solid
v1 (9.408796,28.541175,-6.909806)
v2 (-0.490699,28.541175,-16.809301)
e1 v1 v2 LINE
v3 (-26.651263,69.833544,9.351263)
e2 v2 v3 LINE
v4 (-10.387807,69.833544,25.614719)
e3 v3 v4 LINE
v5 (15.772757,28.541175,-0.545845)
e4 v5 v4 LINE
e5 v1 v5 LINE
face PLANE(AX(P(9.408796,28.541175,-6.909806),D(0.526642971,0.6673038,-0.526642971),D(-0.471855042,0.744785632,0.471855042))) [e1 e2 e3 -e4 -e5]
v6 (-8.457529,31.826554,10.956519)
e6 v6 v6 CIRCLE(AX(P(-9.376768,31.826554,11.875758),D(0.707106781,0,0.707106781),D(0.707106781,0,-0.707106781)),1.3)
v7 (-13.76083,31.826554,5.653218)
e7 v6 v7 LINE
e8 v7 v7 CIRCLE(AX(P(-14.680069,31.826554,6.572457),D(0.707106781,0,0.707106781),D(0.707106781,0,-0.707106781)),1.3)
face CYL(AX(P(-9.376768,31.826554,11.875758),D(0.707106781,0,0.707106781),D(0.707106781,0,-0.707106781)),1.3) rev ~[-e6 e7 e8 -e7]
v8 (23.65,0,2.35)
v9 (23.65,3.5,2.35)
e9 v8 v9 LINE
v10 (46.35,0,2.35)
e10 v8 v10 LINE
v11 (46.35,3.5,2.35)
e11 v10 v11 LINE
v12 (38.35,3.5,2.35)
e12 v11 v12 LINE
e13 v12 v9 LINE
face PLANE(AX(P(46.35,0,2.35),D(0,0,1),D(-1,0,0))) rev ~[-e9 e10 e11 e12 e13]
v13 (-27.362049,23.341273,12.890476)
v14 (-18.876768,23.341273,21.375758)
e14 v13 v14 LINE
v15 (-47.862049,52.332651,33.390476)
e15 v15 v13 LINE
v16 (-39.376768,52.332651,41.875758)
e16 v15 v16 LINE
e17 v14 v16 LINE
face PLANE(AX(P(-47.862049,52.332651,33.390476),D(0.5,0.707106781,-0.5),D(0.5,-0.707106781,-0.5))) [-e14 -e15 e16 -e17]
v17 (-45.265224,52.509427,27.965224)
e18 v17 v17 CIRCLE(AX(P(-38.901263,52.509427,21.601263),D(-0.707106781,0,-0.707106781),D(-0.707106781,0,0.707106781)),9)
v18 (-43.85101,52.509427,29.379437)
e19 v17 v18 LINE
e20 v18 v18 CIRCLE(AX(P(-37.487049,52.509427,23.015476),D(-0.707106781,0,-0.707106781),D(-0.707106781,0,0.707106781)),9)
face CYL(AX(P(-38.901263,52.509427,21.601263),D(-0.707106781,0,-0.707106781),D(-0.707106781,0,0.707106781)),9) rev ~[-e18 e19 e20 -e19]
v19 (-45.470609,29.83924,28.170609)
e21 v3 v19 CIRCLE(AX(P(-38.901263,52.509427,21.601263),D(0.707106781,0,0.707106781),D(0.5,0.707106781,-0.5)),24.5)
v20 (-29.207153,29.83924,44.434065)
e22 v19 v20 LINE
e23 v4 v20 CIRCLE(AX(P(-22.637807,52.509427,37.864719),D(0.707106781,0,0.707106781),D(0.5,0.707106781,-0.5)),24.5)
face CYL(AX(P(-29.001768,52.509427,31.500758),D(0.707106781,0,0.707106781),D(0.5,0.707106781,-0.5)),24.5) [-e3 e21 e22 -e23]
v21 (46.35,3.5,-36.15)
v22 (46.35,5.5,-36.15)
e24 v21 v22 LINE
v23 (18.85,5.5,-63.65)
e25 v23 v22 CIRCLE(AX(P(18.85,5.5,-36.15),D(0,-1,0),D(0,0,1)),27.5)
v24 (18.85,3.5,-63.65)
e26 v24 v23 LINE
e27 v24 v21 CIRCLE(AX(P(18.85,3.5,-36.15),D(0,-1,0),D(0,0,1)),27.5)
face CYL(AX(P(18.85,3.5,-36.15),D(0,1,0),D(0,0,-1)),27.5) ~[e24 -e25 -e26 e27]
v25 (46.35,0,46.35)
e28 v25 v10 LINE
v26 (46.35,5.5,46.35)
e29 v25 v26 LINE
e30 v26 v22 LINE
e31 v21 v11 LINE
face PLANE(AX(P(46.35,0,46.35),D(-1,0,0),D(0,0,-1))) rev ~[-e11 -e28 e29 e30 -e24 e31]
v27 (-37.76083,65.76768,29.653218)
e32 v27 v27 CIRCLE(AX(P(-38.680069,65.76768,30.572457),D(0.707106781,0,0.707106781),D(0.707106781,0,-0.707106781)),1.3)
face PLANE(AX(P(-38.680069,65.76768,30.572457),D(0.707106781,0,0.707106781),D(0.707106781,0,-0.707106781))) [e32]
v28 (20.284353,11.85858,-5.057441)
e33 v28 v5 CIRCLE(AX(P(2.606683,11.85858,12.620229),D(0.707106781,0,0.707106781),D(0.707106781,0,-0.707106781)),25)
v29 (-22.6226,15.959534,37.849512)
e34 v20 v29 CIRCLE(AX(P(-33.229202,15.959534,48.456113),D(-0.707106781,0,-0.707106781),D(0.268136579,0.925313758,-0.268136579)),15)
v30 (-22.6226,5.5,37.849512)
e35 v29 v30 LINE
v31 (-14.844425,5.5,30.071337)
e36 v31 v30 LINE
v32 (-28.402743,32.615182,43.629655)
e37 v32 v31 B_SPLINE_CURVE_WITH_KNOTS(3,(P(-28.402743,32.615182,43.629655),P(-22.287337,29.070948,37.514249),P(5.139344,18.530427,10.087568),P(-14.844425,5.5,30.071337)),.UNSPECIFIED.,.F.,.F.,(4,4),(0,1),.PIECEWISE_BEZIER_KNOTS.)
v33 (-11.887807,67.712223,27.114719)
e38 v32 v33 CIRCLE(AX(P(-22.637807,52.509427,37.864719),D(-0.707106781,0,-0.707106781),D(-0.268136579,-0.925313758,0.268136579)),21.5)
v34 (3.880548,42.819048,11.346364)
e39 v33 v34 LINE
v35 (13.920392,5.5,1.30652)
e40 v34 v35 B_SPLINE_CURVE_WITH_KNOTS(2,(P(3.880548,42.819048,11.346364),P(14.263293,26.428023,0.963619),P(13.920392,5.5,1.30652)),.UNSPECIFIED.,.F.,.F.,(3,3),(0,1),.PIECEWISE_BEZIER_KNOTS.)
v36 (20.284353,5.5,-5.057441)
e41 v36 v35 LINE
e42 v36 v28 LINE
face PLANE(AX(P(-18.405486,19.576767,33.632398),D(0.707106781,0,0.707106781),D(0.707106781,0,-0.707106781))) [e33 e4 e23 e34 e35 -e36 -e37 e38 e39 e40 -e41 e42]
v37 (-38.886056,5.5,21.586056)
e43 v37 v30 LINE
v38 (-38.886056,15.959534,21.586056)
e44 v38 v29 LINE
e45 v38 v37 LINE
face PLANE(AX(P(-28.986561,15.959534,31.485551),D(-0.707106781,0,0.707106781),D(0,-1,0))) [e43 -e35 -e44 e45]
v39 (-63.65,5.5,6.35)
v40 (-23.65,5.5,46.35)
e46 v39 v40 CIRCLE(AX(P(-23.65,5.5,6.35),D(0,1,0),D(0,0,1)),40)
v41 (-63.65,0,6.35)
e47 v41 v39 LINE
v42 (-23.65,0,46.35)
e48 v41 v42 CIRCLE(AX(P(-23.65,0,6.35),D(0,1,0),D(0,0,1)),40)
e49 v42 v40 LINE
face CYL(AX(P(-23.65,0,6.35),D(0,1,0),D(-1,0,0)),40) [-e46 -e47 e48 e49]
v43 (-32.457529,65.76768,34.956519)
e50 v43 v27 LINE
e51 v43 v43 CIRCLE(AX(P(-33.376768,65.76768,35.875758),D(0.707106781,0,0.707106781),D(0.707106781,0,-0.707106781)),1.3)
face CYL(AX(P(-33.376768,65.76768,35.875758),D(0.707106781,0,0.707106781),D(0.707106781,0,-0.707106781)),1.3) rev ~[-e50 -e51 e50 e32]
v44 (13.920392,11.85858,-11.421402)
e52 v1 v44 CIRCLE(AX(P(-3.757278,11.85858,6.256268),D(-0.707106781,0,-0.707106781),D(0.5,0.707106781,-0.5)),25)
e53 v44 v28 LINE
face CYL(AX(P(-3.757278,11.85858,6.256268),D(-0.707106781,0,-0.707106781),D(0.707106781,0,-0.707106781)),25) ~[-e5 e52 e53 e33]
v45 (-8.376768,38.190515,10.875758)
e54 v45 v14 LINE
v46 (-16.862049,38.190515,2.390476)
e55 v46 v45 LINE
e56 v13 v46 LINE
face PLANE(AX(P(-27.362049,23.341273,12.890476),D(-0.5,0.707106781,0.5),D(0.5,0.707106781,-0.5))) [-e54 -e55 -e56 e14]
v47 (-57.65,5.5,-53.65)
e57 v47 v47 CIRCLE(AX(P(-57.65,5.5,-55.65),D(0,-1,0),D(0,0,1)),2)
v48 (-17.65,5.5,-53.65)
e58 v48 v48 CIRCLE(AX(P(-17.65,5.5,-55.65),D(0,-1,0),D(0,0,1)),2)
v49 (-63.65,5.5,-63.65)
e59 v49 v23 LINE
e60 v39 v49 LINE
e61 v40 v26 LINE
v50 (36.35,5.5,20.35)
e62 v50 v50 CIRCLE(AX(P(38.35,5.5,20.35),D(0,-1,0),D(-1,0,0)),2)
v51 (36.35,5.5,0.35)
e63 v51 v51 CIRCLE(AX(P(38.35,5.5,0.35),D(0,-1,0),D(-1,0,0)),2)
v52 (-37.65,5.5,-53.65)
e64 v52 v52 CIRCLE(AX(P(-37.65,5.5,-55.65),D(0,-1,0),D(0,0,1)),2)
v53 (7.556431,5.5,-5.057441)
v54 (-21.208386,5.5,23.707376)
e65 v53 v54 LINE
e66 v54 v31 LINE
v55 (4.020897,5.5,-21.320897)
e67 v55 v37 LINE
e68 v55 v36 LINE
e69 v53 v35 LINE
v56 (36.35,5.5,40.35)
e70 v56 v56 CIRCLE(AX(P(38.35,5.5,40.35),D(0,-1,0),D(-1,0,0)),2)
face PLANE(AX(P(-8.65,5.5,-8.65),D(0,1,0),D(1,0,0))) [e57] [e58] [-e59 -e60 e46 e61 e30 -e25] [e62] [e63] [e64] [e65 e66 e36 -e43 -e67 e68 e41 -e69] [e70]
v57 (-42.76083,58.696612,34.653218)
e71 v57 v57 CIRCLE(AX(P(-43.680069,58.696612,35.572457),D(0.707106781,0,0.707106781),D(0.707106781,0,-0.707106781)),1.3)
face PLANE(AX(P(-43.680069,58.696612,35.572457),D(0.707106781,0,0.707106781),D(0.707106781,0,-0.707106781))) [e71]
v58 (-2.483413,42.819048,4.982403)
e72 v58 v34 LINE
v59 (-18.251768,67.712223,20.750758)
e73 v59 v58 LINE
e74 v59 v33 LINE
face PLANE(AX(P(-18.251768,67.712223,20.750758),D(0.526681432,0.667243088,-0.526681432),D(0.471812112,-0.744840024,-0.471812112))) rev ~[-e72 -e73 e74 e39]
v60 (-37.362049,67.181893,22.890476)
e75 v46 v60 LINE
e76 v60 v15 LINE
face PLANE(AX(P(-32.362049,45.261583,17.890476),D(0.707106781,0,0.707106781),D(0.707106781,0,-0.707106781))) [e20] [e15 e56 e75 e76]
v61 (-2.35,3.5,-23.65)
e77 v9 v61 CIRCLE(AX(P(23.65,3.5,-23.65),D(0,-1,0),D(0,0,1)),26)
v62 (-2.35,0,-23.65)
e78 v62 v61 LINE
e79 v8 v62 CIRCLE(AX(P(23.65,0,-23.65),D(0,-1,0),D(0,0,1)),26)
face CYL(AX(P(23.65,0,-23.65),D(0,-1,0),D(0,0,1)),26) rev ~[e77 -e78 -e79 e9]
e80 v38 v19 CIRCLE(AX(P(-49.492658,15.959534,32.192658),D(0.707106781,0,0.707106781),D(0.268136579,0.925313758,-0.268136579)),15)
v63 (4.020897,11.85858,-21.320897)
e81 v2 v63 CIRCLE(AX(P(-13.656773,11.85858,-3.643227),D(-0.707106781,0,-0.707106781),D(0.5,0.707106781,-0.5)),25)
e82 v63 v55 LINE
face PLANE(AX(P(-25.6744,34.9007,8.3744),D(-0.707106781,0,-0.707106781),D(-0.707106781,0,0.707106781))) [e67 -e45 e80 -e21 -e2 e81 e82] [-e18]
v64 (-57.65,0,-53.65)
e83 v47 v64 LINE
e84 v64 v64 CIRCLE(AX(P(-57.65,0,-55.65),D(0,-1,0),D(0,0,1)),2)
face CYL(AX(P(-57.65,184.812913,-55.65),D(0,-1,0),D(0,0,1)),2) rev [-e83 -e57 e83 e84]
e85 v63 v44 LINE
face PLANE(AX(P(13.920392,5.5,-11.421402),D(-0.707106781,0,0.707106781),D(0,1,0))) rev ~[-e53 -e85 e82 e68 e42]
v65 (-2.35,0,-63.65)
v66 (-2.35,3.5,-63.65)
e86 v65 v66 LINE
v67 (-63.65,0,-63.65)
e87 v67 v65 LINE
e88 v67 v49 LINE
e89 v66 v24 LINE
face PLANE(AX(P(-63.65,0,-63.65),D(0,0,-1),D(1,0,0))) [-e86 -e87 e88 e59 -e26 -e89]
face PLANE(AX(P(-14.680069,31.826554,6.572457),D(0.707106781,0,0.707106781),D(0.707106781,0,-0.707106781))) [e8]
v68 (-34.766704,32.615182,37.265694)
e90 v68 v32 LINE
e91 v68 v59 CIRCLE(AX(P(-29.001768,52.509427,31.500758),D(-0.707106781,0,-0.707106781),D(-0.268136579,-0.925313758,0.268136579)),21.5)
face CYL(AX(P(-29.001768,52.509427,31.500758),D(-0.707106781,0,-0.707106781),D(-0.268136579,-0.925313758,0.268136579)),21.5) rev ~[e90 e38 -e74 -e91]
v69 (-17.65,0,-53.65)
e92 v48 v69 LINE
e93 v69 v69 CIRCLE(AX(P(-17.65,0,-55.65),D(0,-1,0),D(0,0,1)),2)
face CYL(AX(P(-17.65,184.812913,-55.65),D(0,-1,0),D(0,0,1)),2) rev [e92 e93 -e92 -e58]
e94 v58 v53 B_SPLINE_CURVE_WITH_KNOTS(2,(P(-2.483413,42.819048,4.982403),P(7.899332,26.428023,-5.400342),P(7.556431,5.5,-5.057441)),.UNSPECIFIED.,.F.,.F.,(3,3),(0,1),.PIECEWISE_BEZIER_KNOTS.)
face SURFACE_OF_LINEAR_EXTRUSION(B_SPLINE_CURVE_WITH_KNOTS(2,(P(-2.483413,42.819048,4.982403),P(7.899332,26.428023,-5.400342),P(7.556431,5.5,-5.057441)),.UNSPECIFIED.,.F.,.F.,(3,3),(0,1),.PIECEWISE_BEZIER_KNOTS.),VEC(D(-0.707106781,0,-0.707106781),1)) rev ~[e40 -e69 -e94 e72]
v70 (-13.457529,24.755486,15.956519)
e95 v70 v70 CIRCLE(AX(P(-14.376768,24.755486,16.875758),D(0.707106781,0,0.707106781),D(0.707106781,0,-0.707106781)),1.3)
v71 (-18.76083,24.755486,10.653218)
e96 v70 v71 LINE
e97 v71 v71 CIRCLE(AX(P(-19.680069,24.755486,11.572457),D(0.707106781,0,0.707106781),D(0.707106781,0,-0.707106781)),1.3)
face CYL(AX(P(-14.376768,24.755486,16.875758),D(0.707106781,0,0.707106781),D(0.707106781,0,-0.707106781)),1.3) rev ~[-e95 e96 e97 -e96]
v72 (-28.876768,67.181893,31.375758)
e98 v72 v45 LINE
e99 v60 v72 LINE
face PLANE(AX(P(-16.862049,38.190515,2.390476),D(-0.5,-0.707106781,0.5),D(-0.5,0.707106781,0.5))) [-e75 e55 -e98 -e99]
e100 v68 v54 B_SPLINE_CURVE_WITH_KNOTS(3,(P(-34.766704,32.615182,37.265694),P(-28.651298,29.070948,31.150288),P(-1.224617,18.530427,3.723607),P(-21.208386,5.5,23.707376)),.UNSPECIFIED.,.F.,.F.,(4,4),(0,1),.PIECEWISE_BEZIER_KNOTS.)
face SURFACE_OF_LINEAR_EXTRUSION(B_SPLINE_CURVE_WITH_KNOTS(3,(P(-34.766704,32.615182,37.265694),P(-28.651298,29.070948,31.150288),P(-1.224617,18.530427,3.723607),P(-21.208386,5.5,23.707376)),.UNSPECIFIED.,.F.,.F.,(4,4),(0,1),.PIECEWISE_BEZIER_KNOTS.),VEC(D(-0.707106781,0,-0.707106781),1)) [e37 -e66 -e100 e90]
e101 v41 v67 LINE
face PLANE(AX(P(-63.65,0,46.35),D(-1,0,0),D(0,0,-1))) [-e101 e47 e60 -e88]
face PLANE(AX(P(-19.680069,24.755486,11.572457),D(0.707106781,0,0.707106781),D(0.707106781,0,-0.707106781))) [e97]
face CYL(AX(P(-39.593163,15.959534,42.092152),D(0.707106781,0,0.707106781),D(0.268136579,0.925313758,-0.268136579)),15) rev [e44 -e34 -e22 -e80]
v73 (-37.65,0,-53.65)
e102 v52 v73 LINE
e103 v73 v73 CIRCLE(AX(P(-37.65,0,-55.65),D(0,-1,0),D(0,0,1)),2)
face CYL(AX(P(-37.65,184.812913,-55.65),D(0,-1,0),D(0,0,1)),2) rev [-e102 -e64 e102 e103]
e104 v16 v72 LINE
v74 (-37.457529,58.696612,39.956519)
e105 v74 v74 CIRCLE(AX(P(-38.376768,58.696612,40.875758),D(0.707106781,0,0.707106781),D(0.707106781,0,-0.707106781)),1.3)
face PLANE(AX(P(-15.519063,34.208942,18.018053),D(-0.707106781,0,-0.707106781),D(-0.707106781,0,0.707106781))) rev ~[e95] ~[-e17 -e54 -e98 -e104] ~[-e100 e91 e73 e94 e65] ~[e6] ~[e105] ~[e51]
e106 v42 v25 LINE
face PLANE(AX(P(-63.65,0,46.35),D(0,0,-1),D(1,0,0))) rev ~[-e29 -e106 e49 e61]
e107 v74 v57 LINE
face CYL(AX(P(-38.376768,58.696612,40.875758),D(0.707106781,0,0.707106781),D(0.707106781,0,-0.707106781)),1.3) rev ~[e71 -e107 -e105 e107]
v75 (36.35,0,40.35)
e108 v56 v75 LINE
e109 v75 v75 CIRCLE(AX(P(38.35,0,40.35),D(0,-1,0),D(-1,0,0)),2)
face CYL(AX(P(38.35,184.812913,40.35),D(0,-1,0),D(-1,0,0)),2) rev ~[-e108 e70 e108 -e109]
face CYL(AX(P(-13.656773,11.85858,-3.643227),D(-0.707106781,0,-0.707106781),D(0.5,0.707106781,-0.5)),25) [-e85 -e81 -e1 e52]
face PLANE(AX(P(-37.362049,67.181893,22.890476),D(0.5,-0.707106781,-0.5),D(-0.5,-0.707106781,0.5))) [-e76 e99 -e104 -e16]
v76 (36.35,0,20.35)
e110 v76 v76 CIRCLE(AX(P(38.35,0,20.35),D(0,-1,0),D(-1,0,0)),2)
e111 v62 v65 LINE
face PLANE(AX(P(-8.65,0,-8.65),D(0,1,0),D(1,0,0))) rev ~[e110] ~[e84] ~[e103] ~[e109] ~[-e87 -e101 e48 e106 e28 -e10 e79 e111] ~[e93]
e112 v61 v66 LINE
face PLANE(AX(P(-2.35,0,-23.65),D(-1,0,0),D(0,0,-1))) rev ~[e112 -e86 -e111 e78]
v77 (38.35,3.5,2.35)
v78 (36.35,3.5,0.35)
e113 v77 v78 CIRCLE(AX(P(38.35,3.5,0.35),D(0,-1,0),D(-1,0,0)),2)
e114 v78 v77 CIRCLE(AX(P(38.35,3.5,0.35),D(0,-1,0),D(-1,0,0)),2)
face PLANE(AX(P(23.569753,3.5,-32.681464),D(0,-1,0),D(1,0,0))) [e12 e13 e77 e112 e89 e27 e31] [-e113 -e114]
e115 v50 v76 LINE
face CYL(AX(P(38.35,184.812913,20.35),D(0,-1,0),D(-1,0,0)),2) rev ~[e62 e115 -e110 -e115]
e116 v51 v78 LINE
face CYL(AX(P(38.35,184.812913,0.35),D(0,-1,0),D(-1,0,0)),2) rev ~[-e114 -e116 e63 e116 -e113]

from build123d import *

# Parameters (mm, degrees)
SKETCH2_W                       = 110
SKETCH2_H                       = 110
BOSS_EXTRUDE1_DEPTH             = 5.5
BOSS_EXTRUDE2_DEPTH             = 14
CUT_EXTRUDE5_REACH              = 110.823
SKETCH9_R                       = 1.3
CUT_EXTRUDE6_DEPTH              = 7.5
CUT_EXTRUDE9_REACH              = 109.547
SKETCH11_R                      = 9
BOSS_EXTRUDE7_DEPTH             = 9
BOSS_EXTRUDE7_DIRECTION_2_REACH = 119.904
BOSS_EXTRUDE10_DEPTH            = 9
CUT_EXTRUDE10_DEPTH             = 3.5
F_4_0_4_DIAMETER_HOLE3_D        = 4
FILLET1_R                       = 27.5
FILLET2_R                       = 40


with BuildPart() as part:
    # Sketch2 → Boss-Extrude1 (new body)
    with BuildSketch(Plane(origin=(0, 0, 0), x_dir=(1, 0, 0), z_dir=(0, 1, 0))):
        with Locations((-8.65, 8.65)):
            Rectangle(SKETCH2_W, SKETCH2_H)
    extrude(amount=BOSS_EXTRUDE1_DEPTH)

    # Sketch7 → Boss-Extrude2 (add)
    with BuildSketch(Plane(origin=(-8.65, 0, -8.65), x_dir=(-0.7071067811865479, 0, 0.7071067811865471), z_dir=(-0.7071067811865471, 0, -0.7071067811865479))):
        with BuildLine():
            Line((39.760240188, 5.5), (39.760240188, 15.95953406))
            ThreePointArc((39.760240188, 15.95953406), (42.812638822, 25.987954346), (50.934597235, 32.615181699))
            ThreePointArc((50.934597235, 32.615181699), (60.680796502, 64.420514285), (27.578950135, 67.712223286))
            Line((27.578950135, 67.712223286), (-10.597023433, 29.536249718))
            ThreePointArc((-10.597023433, 29.536249718), (-16.016342216, 21.425665997), (-17.919353903, 11.858580188))
            Line((-17.919353903, 11.858580188), (-17.919353903, 5.5))
            Line((-17.919353903, 5.5), (39.760240188, 5.5))
        make_face()
    extrude(amount=-BOSS_EXTRUDE2_DEPTH)

    # Sketch8 → Cut-Extrude5 (cut, up to next)
    with BuildSketch(Plane(origin=(-7.235786438, 0, -7.235786438), x_dir=(-0.7071067811865479, 0, 0.7071067811865471), z_dir=(-0.7071067811865471, 0, -0.7071067811865479)), mode=Mode.PRIVATE) as cut_extrude5_sk1:
        Polygon((13.613591207, 38.190515171), (42.604969235, 67.1818932), (57.45421164, 52.332650795), (28.462833611, 23.341272767), align=None)
    cut_extrude5_tool1 = extrude(cut_extrude5_sk1.sketch, amount=-CUT_EXTRUDE5_REACH, mode=Mode.PRIVATE) & part.part
    add(cut_extrude5_tool1.solids().sort_by_distance((-32.362049, 45.261583, 17.890476))[0], mode=Mode.SUBTRACT)

    # Sketch9 → Cut-Extrude6 (cut)
    with BuildSketch(Plane(origin=(1.249494937, 0, 1.249494937), x_dir=(0.7071067811865479, 0, -0.7071067811865471), z_dir=(0.7071067811865471, 0, 0.7071067811865479))):
        with Locations((-48.968930266, 65.767679638)):
            Circle(SKETCH9_R)
        with Locations((-56.039998078, 58.696611826)):
            Circle(SKETCH9_R)
        with Locations((-22.098872581, 24.755486329)):
            Circle(SKETCH9_R)
        with Locations((-15.027804769, 31.826554141)):
            Circle(SKETCH9_R)
    extrude(amount=-CUT_EXTRUDE6_DEPTH, mode=Mode.SUBTRACT)

    # Sketch11 → Cut-Extrude9 (cut, up to next)
    with BuildSketch(Plane(origin=(-8.65, 0, -8.65), x_dir=(-0.7071067811865479, 0, 0.7071067811865471), z_dir=(-0.7071067811865471, 0, -0.7071067811865479)), mode=Mode.PRIVATE) as cut_extrude9_sk1:
        with Locations((42.781745931, 52.50942749)):
            Circle(SKETCH11_R)
    cut_extrude9_tool1 = extrude(cut_extrude9_sk1.sketch, amount=-CUT_EXTRUDE9_REACH, mode=Mode.PRIVATE) & part.part
    add(cut_extrude9_tool1.solids().sort_by_distance((-38.901263, 52.509427, 21.601263))[0], mode=Mode.SUBTRACT)

    # Sketch17 → Boss-Extrude7 (add)
    with BuildSketch(Plane(origin=(1.249494937, 0, 1.249494937), x_dir=(0.7071067811865479, 0, -0.7071067811865471), z_dir=(0.7071067811865471, 0, 0.7071067811865479))):
        with BuildLine():
            Line((11.538994713, 28.541175194), (-25.457629791, 69.83354363))
            ThreePointArc((-25.457629791, 69.83354363), (-63.178338442, 66.082526396), (-52.072204394, 29.839240426))
            ThreePointArc((-52.072204394, 29.839240426), (-45.303905717, 24.316550965), (-42.760240188, 15.95953406))
            Line((-42.760240188, 15.95953406), (-42.760240188, 5.5))
            Line((-42.760240188, 5.5), (-39.760240188, 5.5))
            Line((-39.760240188, 5.5), (-39.760240188, 15.95953406))
            ThreePointArc((-39.760240188, 15.95953406), (-42.812638822, 25.987954346), (-50.934597235, 32.615181699))
            ThreePointArc((-50.934597235, 32.615181699), (-60.680796502, 64.420514285), (-27.578950135, 67.712223286))
            Line((-27.578950135, 67.712223286), (9.30583444, 26.537928118))
            ThreePointArc((9.30583444, 26.537928118), (13.46810778, 19.716615191), (14.919353903, 11.858580188))
            Line((14.919353903, 11.858580188), (14.919353903, 5.5))
            Line((14.919353903, 5.5), (17.919353903, 5.5))
            Line((17.919353903, 5.5), (17.919353903, 11.858580188))
            ThreePointArc((17.919353903, 11.858580188), (16.26984662, 20.78911712), (11.538994713, 28.541175194))
        make_face()
    extrude(amount=BOSS_EXTRUDE7_DEPTH)

    # Boss-Extrude7 direction 2: up to this face of the body (flat: up to its plane)
    boss_extrude7_direction_2_end = Plane(part.part.faces().sort_by_distance((-25.67440007, 34.90069961, 8.37440007))[0])
    # Sketch17 → Boss-Extrude7 direction 2 (add, up to the picked face)
    with BuildSketch(Plane(origin=(1.249494937, 0, 1.249494937), x_dir=(0.7071067811865479, 0, -0.7071067811865471), z_dir=(0.7071067811865471, 0, 0.7071067811865479)), mode=Mode.PRIVATE) as boss_extrude7_direction_2_sk1:
        with BuildLine():
            Line((11.538994713, 28.541175194), (-25.457629791, 69.83354363))
            ThreePointArc((-25.457629791, 69.83354363), (-63.178338442, 66.082526396), (-52.072204394, 29.839240426))
            ThreePointArc((-52.072204394, 29.839240426), (-45.303905717, 24.316550965), (-42.760240188, 15.95953406))
            Line((-42.760240188, 15.95953406), (-42.760240188, 5.5))
            Line((-42.760240188, 5.5), (-39.760240188, 5.5))
            Line((-39.760240188, 5.5), (-39.760240188, 15.95953406))
            ThreePointArc((-39.760240188, 15.95953406), (-42.812638822, 25.987954346), (-50.934597235, 32.615181699))
            ThreePointArc((-50.934597235, 32.615181699), (-60.680796502, 64.420514285), (-27.578950135, 67.712223286))
            Line((-27.578950135, 67.712223286), (9.30583444, 26.537928118))
            ThreePointArc((9.30583444, 26.537928118), (13.46810778, 19.716615191), (14.919353903, 11.858580188))
            Line((14.919353903, 11.858580188), (14.919353903, 5.5))
            Line((14.919353903, 5.5), (17.919353903, 5.5))
            Line((17.919353903, 5.5), (17.919353903, 11.858580188))
            ThreePointArc((17.919353903, 11.858580188), (16.26984662, 20.78911712), (11.538994713, 28.541175194))
        make_face()
    boss_extrude7_direction_2_tool1 = split(extrude(boss_extrude7_direction_2_sk1.sketch, amount=-BOSS_EXTRUDE7_DIRECTION_2_REACH, mode=Mode.PRIVATE), bisect_by=boss_extrude7_direction_2_end, keep=Keep.BOTH, mode=Mode.PRIVATE)
    add(boss_extrude7_direction_2_tool1.solids().sort_by(Axis((-4.257288, 48.445096, 6.756277), (-0.7071067811865471, 0, -0.7071067811865479)))[0])

    # Sketch25 → Boss-Extrude10 (add)
    with BuildSketch(Plane(origin=(1.249494937, 0, 1.249494937), x_dir=(0.7071067811865479, 0, -0.7071067811865471), z_dir=(0.7071067811865471, 0, 0.7071067811865479))):
        with BuildLine():
            ThreePointArc((-50.934597235, 32.615181699), (-42.812638822, 25.987954346), (-39.760240188, 15.95953406))
            Line((-39.760240188, 15.95953406), (-39.760240188, 5.5))
            Line((-39.760240188, 5.5), (-31.760240188, 5.5))
            add(Edge.make_bspline(
                [(-50.934597235, 32.615181699), (-42.286107378, 29.070948228), (-3.49892217, 18.530427319), (-31.760240188, 5.5)],
                knots=[0, 0, 0, 0, 1, 1, 1, 1], degree=3))
        make_face()
        with BuildLine():
            add(Edge.make_bspline(
                [(-5.279129206, 42.819047964), (9.40428973, 26.428022984), (8.919353903, 5.5)],
                knots=[0, 0, 0, 1, 1, 1], degree=2))
            Line((8.919353903, 5.5), (14.919353903, 5.5))
            Line((14.919353903, 5.5), (14.919353903, 11.858580188))
            ThreePointArc((14.919353903, 11.858580188), (13.46810778, 19.716615191), (9.30583444, 26.537928118))
            Line((9.30583444, 26.537928118), (-5.279129206, 42.819047964))
        make_face()
    extrude(amount=BOSS_EXTRUDE10_DEPTH)

    # Sketch26 → Cut-Extrude10 (cut)
    with BuildSketch(Plane.XZ):
        with BuildLine():
            Line((-2.35, -23.65), (-2.35, -63.65))
            Line((-2.35, -63.65), (46.35, -63.65))
            Line((46.35, -63.65), (46.35, 2.35))
            Line((46.35, 2.35), (23.65, 2.35))
            ThreePointArc((23.65, 2.35), (5.265223689, -5.265223689), (-2.35, -23.65))
        make_face()
    extrude(amount=-CUT_EXTRUDE10_DEPTH, mode=Mode.SUBTRACT)

    # Ø4.0 (4) Diameter Hole3 (through all)
    with Locations(Plane(origin=(0, 5.5, 0), x_dir=(1, 0, 0), z_dir=(0, 1, 0))):
        with Locations((38.35, -40.35), (38.35, -20.35), (38.35, -0.35)):
            f_4_0_4_diameter_hole3 = Hole(F_4_0_4_DIAMETER_HOLE3_D / 2)

    # Mirror1: Ø4.0 (4) Diameter Hole3 across plane
    add(f_4_0_4_diameter_hole3.mirror(Plane(origin=(-8.65, 0, -8.65), x_dir=(-0.7071067811865481, 0, 0.707106781186547), z_dir=(-0.7071067811865472, 0, -0.707106781186548))), mode=Mode.SUBTRACT)

    # Fillet1
    fillet1_edges = [part.edges().sort_by_distance(p)[0] for p in [
        (46.35, 4.5, -63.65),
    ]]
    fillet(fillet1_edges, radius=FILLET1_R)

    # Fillet2
    fillet2_edges = [part.edges().sort_by_distance(p)[0] for p in [
        (-63.65, 2.75, 46.35),
    ]]
    fillet(fillet2_edges, radius=FILLET2_R)


solid = part.part
